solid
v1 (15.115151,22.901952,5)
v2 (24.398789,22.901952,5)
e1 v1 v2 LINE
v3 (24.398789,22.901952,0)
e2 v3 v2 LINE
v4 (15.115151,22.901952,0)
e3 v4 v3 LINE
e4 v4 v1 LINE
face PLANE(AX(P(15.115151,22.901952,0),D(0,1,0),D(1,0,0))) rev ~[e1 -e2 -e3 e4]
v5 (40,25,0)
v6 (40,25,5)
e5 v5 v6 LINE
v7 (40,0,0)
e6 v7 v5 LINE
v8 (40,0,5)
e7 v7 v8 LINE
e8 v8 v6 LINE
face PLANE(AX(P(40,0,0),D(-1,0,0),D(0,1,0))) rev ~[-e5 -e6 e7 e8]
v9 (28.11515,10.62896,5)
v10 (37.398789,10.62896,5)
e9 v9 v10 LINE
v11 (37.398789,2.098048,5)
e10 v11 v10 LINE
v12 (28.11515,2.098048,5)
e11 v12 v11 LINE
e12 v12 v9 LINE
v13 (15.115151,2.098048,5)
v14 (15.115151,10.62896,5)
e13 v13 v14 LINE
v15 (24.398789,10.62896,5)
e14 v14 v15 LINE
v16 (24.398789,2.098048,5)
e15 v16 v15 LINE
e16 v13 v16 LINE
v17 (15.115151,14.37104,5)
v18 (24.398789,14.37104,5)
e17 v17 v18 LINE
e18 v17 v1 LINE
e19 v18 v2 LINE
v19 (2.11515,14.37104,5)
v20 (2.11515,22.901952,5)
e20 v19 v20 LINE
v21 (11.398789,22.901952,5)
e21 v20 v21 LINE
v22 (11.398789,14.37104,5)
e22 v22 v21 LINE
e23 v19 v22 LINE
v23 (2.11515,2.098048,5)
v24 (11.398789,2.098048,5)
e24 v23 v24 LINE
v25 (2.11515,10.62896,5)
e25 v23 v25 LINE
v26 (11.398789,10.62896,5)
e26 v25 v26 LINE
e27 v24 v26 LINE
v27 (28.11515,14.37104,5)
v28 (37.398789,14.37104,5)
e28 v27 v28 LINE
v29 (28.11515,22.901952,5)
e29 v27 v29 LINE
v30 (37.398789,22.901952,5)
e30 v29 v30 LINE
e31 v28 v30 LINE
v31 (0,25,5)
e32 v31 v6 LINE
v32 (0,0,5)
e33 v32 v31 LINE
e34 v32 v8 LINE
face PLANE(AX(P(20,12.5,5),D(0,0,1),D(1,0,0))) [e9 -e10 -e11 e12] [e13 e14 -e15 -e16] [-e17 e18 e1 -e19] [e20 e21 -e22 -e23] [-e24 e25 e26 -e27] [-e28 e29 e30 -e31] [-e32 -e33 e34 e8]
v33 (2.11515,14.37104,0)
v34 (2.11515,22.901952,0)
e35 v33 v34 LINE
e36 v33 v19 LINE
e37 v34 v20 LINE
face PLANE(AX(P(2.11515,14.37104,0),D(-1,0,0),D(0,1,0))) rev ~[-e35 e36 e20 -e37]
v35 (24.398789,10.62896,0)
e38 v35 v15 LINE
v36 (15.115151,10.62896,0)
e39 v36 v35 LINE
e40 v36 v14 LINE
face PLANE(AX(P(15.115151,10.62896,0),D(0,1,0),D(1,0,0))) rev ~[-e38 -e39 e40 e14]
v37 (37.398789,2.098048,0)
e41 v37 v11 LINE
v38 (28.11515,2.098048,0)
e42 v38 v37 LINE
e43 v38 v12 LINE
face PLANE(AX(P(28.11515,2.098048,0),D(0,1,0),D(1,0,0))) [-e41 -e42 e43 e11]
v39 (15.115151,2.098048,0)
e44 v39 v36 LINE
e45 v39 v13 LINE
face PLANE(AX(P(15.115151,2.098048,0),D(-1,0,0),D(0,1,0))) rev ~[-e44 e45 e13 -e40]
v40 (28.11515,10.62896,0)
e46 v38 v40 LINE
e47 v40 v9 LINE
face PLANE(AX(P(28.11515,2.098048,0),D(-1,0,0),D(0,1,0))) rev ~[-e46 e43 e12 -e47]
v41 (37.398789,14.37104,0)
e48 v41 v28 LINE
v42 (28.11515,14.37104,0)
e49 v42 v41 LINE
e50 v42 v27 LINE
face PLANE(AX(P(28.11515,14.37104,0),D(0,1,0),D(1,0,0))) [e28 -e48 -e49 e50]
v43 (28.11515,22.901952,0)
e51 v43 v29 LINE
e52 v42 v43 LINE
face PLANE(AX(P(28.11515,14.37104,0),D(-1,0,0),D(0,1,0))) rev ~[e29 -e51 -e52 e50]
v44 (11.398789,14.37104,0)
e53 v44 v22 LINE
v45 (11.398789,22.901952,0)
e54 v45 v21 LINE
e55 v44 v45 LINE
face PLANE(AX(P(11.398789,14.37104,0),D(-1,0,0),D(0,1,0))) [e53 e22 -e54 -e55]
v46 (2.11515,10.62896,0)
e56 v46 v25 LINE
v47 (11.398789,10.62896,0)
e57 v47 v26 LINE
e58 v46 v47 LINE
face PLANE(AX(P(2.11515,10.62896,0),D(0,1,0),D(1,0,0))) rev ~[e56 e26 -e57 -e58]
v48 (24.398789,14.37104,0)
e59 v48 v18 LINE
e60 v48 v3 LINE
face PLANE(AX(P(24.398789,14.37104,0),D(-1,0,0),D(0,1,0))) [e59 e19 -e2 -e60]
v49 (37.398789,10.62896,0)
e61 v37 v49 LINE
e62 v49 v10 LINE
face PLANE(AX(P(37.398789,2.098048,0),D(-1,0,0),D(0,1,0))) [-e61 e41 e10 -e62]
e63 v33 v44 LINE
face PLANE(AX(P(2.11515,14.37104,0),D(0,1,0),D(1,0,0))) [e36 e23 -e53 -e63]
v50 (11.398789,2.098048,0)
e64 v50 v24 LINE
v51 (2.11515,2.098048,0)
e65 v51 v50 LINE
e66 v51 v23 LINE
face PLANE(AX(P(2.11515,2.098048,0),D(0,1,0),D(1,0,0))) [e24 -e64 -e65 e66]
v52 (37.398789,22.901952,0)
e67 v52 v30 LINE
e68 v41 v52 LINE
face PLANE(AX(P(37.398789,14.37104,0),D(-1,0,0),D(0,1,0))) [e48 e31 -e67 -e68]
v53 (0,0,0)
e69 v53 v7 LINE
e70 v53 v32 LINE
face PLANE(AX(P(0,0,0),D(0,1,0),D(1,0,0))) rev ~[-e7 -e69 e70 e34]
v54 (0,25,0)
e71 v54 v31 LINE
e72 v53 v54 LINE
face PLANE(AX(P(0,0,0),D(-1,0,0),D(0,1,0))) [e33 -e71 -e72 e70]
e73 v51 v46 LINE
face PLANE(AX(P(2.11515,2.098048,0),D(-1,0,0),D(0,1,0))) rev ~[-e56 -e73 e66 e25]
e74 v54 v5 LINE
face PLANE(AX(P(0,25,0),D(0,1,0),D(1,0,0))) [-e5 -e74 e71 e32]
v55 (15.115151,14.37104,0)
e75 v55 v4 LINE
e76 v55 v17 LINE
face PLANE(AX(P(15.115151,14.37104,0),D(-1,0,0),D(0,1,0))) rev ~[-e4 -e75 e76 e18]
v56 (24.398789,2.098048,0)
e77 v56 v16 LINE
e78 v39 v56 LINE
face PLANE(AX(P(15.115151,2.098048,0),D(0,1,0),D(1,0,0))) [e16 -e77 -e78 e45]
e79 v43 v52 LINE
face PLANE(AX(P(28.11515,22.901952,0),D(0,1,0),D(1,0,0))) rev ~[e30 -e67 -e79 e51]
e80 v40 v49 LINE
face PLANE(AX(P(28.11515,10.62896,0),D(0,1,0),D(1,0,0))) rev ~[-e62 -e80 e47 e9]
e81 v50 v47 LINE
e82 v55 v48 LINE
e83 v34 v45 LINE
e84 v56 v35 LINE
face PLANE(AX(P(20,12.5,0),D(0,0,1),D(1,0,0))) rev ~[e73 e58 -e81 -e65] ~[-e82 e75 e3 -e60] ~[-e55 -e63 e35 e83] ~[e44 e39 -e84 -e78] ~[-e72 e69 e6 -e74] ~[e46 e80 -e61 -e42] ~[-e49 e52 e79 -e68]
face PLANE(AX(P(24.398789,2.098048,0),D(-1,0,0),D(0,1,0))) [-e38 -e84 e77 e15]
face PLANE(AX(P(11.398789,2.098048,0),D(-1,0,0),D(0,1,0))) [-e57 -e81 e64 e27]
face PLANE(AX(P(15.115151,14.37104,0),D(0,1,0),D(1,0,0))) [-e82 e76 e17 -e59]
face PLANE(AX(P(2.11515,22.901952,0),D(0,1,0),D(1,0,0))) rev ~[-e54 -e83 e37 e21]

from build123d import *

# Parameters (mm, degrees)
F0_W     = 40
F0_H     = 25
F0_W_2   = 9.283639
F0_H_2   = 8.530912
F1_DEPTH = 5


with BuildPart() as f1:
    # F0 (on Top) → F1 (new body)
    with BuildSketch(Plane.XY):
        with Locations((20, 12.5)):
            Rectangle(F0_W, F0_H)
        with Locations((6.75697, 6.363504)):
            Rectangle(F0_W_2, F0_H_2, mode=Mode.SUBTRACT)
        with Locations((19.75697, 6.363504)):
            Rectangle(F0_W_2, F0_H_2, mode=Mode.SUBTRACT)
        with Locations((32.75697, 6.363504)):
            Rectangle(F0_W_2, F0_H_2, mode=Mode.SUBTRACT)
        with Locations((6.75697, 18.636496)):
            Rectangle(F0_W_2, F0_H_2, mode=Mode.SUBTRACT)
        with Locations((19.75697, 18.636496)):
            Rectangle(F0_W_2, F0_H_2, mode=Mode.SUBTRACT)
        with Locations((32.75697, 18.636496)):
            Rectangle(F0_W_2, F0_H_2, mode=Mode.SUBTRACT)
    extrude(amount=F1_DEPTH)


solid = f1.part
